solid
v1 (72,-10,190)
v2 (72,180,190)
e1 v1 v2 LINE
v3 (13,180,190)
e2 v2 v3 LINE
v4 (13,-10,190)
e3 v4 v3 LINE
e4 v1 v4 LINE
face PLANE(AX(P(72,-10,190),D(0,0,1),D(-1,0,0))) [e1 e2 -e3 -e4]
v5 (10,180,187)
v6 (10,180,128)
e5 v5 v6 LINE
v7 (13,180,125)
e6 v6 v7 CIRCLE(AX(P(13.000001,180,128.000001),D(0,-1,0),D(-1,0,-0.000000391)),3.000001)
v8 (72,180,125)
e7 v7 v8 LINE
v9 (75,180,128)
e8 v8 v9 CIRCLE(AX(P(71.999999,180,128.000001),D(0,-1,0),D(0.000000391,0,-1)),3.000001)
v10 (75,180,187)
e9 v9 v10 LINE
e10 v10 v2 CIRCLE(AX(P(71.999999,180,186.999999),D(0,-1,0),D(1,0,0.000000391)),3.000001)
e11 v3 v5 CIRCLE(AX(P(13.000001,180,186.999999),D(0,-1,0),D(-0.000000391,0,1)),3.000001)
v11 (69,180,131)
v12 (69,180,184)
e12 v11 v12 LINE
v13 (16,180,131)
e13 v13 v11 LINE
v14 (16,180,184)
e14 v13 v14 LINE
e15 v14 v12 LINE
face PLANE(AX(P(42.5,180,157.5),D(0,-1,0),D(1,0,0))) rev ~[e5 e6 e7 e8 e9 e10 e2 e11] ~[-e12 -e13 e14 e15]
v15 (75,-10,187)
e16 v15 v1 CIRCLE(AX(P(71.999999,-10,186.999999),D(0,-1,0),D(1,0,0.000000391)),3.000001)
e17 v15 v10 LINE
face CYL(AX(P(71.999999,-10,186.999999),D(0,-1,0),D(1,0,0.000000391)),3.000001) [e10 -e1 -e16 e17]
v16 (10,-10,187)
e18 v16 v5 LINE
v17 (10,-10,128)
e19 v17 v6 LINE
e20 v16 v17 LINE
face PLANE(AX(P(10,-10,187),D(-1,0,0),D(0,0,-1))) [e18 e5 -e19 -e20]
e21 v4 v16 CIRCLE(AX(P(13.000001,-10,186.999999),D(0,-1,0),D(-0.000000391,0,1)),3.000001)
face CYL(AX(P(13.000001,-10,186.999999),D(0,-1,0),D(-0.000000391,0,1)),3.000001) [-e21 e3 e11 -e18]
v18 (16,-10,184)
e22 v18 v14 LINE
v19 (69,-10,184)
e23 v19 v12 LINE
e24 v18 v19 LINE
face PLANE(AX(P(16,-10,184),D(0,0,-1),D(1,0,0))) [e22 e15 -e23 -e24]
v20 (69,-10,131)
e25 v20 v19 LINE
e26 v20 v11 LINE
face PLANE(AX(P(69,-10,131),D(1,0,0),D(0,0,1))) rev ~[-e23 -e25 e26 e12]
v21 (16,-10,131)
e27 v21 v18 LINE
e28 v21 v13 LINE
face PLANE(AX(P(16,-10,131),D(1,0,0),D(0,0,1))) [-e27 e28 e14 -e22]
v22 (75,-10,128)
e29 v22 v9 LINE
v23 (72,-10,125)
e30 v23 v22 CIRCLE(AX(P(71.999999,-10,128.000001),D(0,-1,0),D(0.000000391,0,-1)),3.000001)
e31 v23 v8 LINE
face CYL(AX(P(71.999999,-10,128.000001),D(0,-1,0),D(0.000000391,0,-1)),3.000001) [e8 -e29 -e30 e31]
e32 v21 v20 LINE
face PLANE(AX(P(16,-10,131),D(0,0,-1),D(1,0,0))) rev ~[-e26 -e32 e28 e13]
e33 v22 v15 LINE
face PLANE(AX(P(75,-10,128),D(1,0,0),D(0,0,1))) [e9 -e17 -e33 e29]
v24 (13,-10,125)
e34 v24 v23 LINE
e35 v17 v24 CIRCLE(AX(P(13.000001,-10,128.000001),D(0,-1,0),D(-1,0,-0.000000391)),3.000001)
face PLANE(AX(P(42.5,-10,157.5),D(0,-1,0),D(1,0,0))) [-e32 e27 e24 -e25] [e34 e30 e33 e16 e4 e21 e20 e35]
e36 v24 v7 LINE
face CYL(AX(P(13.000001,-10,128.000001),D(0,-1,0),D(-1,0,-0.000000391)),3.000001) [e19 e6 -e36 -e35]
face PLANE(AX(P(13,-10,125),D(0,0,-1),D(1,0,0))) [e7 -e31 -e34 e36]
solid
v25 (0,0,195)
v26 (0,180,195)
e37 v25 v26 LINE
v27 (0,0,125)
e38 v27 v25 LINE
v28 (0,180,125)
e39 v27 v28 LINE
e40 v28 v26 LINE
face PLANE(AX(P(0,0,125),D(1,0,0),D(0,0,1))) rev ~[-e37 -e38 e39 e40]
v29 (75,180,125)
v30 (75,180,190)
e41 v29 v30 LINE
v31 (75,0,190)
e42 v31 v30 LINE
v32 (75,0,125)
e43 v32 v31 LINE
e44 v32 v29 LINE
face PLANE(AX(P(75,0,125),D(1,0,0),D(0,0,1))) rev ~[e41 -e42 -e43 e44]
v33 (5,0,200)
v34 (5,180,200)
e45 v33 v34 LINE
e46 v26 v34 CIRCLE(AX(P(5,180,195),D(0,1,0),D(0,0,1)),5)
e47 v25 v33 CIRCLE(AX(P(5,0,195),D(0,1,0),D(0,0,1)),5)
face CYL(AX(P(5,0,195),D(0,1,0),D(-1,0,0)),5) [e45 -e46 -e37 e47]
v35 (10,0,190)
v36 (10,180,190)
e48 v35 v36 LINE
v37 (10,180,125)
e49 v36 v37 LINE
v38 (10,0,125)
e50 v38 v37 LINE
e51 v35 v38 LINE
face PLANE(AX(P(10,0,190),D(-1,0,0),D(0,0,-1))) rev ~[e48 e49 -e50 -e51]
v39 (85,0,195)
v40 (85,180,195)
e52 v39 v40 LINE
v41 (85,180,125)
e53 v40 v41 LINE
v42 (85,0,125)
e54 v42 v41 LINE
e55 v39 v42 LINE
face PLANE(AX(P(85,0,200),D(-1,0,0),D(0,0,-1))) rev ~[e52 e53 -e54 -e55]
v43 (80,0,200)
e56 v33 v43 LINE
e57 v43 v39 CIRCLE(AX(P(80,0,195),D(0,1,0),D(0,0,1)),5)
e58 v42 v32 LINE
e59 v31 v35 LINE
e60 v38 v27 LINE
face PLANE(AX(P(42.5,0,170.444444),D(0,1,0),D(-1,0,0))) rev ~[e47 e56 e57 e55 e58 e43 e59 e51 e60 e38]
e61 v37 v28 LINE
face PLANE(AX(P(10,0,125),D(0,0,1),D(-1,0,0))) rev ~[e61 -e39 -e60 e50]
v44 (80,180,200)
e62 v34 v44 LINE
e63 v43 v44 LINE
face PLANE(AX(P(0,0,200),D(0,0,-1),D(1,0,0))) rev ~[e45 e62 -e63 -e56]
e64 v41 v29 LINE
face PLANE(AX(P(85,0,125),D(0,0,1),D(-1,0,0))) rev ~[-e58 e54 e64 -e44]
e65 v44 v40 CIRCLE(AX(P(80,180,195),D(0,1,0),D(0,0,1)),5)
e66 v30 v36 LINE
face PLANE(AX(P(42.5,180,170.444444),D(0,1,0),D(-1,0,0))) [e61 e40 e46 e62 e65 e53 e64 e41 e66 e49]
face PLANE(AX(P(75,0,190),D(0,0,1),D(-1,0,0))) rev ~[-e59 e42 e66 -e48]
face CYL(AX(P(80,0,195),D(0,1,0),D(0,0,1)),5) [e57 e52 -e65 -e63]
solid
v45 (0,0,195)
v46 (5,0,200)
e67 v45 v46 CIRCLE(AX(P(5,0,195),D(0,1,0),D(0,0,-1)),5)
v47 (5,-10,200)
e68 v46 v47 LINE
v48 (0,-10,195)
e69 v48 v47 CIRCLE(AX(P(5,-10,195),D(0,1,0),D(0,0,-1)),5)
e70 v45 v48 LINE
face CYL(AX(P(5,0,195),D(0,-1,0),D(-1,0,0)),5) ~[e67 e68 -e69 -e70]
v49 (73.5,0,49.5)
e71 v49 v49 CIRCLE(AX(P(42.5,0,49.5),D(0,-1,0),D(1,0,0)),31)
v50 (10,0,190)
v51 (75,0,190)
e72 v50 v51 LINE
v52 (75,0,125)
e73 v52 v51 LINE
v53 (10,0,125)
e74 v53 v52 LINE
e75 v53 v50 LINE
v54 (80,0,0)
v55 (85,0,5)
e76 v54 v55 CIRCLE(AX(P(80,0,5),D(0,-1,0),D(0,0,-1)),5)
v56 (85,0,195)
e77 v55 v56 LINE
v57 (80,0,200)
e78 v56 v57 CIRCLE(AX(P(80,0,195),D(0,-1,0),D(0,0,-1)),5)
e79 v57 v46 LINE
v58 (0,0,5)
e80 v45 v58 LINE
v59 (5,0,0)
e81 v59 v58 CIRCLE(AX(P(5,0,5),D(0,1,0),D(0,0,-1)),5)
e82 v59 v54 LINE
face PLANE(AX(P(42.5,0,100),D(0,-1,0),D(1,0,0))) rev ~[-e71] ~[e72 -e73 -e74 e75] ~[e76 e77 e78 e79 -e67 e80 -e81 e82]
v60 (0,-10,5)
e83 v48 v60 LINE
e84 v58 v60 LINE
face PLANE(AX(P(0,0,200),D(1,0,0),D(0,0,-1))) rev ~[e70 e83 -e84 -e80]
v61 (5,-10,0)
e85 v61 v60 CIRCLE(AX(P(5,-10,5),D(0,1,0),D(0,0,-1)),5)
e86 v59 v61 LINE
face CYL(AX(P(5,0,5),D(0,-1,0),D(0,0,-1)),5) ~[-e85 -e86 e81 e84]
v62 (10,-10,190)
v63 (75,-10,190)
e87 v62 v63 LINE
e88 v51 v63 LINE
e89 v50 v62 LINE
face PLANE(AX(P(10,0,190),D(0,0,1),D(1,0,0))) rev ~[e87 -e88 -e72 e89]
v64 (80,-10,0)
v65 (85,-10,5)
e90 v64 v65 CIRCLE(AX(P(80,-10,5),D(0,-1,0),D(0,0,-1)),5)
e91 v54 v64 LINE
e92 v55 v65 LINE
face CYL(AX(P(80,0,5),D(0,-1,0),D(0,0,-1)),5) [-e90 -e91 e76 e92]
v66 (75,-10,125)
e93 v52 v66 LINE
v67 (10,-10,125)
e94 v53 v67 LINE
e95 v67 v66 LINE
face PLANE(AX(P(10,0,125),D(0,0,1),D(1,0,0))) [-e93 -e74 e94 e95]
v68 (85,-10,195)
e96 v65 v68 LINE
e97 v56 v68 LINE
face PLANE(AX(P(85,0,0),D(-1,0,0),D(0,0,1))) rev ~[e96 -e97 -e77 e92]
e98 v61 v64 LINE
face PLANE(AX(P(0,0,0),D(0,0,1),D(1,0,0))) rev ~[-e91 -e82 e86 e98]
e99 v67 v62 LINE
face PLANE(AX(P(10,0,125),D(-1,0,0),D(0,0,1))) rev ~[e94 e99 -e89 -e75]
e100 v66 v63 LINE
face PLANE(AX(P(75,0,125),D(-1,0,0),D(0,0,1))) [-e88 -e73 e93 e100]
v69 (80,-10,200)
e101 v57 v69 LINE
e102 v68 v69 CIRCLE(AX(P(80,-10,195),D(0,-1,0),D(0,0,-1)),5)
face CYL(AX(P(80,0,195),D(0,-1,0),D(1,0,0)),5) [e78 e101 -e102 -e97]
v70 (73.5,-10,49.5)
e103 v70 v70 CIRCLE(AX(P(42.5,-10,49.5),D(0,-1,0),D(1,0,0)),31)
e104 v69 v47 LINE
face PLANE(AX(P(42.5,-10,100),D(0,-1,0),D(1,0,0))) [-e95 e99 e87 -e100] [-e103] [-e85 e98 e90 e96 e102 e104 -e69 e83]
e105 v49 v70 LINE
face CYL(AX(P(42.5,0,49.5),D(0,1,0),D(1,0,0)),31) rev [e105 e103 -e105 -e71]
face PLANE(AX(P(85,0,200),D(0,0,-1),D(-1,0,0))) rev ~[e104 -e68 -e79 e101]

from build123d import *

# Parameters (mm, degrees)
F0_R     = 31
F0_W     = 65
F0_H     = 65
F1_DEPTH = 10
F2_W     = 53
F2_H     = 53
F3_DEPTH = 190
F5_DEPTH = 180
F6_R     = 5
F6_2_R   = 5


with BuildPart() as f1:
    # F0 (on Front) → F1 (new body)
    with BuildSketch(Plane.XZ):
        Polygon((0, 125), (0, 0), (85, 0), (85, 200), (0, 200), align=None)
        with Locations((42.5, 49.5)):
            Circle(F0_R, mode=Mode.SUBTRACT)
        with Locations((42.5, 157.5)):
            Rectangle(F0_W, F0_H, mode=Mode.SUBTRACT)
    extrude(amount=F1_DEPTH)

    # F6#2
    f6_2_edges = [f1.edges().sort_by_distance(p)[0] for p in [
        (85, -5, 200),
        (0, -5, 200),
        (85, -5, 0),
        (0, -5, 0),
    ]]
    fillet(f6_2_edges, radius=F6_2_R)


with BuildPart() as f3:
    # F2 (on face) → F3 (new body)
    with BuildSketch(Plane.XZ.offset(10)):
        with BuildLine():
            ThreePointArc((10, 128), (10.87868, 125.87868), (13, 125))
            Line((13, 125), (72, 125))
            ThreePointArc((72, 125), (74.12132, 125.87868), (75, 128))
            Line((75, 128), (75, 187))
            ThreePointArc((75, 187), (74.12132, 189.12132), (72, 190))
            Line((72, 190), (13, 190))
            ThreePointArc((13, 190), (10.87868, 189.12132), (10, 187))
            Line((10, 187), (10, 128))
        make_face()
        with Locations((42.5, 157.5)):
            Rectangle(F2_W, F2_H, mode=Mode.SUBTRACT)
    extrude(amount=-F3_DEPTH)


with BuildPart() as f5:
    # F4 (on face) → F5 (new body)
    with BuildSketch(Plane(origin=(0, 0, 0), x_dir=(-1, 0, 0), z_dir=(0, 1, 0))):
        Polygon((-85, 125), (-75, 125), (-75, 190), (-10, 190), (-10, 125), (0, 125), (0, 200), (-85, 200), align=None)
    extrude(amount=F5_DEPTH)

    # F6
    f6_edges = [f5.edges().sort_by_distance(p)[0] for p in [
        (85, 90, 200),
        (0, 90, 200),
    ]]
    fillet(f6_edges, radius=F6_R)


solid = Compound([f1.part, f3.part, f5.part])
